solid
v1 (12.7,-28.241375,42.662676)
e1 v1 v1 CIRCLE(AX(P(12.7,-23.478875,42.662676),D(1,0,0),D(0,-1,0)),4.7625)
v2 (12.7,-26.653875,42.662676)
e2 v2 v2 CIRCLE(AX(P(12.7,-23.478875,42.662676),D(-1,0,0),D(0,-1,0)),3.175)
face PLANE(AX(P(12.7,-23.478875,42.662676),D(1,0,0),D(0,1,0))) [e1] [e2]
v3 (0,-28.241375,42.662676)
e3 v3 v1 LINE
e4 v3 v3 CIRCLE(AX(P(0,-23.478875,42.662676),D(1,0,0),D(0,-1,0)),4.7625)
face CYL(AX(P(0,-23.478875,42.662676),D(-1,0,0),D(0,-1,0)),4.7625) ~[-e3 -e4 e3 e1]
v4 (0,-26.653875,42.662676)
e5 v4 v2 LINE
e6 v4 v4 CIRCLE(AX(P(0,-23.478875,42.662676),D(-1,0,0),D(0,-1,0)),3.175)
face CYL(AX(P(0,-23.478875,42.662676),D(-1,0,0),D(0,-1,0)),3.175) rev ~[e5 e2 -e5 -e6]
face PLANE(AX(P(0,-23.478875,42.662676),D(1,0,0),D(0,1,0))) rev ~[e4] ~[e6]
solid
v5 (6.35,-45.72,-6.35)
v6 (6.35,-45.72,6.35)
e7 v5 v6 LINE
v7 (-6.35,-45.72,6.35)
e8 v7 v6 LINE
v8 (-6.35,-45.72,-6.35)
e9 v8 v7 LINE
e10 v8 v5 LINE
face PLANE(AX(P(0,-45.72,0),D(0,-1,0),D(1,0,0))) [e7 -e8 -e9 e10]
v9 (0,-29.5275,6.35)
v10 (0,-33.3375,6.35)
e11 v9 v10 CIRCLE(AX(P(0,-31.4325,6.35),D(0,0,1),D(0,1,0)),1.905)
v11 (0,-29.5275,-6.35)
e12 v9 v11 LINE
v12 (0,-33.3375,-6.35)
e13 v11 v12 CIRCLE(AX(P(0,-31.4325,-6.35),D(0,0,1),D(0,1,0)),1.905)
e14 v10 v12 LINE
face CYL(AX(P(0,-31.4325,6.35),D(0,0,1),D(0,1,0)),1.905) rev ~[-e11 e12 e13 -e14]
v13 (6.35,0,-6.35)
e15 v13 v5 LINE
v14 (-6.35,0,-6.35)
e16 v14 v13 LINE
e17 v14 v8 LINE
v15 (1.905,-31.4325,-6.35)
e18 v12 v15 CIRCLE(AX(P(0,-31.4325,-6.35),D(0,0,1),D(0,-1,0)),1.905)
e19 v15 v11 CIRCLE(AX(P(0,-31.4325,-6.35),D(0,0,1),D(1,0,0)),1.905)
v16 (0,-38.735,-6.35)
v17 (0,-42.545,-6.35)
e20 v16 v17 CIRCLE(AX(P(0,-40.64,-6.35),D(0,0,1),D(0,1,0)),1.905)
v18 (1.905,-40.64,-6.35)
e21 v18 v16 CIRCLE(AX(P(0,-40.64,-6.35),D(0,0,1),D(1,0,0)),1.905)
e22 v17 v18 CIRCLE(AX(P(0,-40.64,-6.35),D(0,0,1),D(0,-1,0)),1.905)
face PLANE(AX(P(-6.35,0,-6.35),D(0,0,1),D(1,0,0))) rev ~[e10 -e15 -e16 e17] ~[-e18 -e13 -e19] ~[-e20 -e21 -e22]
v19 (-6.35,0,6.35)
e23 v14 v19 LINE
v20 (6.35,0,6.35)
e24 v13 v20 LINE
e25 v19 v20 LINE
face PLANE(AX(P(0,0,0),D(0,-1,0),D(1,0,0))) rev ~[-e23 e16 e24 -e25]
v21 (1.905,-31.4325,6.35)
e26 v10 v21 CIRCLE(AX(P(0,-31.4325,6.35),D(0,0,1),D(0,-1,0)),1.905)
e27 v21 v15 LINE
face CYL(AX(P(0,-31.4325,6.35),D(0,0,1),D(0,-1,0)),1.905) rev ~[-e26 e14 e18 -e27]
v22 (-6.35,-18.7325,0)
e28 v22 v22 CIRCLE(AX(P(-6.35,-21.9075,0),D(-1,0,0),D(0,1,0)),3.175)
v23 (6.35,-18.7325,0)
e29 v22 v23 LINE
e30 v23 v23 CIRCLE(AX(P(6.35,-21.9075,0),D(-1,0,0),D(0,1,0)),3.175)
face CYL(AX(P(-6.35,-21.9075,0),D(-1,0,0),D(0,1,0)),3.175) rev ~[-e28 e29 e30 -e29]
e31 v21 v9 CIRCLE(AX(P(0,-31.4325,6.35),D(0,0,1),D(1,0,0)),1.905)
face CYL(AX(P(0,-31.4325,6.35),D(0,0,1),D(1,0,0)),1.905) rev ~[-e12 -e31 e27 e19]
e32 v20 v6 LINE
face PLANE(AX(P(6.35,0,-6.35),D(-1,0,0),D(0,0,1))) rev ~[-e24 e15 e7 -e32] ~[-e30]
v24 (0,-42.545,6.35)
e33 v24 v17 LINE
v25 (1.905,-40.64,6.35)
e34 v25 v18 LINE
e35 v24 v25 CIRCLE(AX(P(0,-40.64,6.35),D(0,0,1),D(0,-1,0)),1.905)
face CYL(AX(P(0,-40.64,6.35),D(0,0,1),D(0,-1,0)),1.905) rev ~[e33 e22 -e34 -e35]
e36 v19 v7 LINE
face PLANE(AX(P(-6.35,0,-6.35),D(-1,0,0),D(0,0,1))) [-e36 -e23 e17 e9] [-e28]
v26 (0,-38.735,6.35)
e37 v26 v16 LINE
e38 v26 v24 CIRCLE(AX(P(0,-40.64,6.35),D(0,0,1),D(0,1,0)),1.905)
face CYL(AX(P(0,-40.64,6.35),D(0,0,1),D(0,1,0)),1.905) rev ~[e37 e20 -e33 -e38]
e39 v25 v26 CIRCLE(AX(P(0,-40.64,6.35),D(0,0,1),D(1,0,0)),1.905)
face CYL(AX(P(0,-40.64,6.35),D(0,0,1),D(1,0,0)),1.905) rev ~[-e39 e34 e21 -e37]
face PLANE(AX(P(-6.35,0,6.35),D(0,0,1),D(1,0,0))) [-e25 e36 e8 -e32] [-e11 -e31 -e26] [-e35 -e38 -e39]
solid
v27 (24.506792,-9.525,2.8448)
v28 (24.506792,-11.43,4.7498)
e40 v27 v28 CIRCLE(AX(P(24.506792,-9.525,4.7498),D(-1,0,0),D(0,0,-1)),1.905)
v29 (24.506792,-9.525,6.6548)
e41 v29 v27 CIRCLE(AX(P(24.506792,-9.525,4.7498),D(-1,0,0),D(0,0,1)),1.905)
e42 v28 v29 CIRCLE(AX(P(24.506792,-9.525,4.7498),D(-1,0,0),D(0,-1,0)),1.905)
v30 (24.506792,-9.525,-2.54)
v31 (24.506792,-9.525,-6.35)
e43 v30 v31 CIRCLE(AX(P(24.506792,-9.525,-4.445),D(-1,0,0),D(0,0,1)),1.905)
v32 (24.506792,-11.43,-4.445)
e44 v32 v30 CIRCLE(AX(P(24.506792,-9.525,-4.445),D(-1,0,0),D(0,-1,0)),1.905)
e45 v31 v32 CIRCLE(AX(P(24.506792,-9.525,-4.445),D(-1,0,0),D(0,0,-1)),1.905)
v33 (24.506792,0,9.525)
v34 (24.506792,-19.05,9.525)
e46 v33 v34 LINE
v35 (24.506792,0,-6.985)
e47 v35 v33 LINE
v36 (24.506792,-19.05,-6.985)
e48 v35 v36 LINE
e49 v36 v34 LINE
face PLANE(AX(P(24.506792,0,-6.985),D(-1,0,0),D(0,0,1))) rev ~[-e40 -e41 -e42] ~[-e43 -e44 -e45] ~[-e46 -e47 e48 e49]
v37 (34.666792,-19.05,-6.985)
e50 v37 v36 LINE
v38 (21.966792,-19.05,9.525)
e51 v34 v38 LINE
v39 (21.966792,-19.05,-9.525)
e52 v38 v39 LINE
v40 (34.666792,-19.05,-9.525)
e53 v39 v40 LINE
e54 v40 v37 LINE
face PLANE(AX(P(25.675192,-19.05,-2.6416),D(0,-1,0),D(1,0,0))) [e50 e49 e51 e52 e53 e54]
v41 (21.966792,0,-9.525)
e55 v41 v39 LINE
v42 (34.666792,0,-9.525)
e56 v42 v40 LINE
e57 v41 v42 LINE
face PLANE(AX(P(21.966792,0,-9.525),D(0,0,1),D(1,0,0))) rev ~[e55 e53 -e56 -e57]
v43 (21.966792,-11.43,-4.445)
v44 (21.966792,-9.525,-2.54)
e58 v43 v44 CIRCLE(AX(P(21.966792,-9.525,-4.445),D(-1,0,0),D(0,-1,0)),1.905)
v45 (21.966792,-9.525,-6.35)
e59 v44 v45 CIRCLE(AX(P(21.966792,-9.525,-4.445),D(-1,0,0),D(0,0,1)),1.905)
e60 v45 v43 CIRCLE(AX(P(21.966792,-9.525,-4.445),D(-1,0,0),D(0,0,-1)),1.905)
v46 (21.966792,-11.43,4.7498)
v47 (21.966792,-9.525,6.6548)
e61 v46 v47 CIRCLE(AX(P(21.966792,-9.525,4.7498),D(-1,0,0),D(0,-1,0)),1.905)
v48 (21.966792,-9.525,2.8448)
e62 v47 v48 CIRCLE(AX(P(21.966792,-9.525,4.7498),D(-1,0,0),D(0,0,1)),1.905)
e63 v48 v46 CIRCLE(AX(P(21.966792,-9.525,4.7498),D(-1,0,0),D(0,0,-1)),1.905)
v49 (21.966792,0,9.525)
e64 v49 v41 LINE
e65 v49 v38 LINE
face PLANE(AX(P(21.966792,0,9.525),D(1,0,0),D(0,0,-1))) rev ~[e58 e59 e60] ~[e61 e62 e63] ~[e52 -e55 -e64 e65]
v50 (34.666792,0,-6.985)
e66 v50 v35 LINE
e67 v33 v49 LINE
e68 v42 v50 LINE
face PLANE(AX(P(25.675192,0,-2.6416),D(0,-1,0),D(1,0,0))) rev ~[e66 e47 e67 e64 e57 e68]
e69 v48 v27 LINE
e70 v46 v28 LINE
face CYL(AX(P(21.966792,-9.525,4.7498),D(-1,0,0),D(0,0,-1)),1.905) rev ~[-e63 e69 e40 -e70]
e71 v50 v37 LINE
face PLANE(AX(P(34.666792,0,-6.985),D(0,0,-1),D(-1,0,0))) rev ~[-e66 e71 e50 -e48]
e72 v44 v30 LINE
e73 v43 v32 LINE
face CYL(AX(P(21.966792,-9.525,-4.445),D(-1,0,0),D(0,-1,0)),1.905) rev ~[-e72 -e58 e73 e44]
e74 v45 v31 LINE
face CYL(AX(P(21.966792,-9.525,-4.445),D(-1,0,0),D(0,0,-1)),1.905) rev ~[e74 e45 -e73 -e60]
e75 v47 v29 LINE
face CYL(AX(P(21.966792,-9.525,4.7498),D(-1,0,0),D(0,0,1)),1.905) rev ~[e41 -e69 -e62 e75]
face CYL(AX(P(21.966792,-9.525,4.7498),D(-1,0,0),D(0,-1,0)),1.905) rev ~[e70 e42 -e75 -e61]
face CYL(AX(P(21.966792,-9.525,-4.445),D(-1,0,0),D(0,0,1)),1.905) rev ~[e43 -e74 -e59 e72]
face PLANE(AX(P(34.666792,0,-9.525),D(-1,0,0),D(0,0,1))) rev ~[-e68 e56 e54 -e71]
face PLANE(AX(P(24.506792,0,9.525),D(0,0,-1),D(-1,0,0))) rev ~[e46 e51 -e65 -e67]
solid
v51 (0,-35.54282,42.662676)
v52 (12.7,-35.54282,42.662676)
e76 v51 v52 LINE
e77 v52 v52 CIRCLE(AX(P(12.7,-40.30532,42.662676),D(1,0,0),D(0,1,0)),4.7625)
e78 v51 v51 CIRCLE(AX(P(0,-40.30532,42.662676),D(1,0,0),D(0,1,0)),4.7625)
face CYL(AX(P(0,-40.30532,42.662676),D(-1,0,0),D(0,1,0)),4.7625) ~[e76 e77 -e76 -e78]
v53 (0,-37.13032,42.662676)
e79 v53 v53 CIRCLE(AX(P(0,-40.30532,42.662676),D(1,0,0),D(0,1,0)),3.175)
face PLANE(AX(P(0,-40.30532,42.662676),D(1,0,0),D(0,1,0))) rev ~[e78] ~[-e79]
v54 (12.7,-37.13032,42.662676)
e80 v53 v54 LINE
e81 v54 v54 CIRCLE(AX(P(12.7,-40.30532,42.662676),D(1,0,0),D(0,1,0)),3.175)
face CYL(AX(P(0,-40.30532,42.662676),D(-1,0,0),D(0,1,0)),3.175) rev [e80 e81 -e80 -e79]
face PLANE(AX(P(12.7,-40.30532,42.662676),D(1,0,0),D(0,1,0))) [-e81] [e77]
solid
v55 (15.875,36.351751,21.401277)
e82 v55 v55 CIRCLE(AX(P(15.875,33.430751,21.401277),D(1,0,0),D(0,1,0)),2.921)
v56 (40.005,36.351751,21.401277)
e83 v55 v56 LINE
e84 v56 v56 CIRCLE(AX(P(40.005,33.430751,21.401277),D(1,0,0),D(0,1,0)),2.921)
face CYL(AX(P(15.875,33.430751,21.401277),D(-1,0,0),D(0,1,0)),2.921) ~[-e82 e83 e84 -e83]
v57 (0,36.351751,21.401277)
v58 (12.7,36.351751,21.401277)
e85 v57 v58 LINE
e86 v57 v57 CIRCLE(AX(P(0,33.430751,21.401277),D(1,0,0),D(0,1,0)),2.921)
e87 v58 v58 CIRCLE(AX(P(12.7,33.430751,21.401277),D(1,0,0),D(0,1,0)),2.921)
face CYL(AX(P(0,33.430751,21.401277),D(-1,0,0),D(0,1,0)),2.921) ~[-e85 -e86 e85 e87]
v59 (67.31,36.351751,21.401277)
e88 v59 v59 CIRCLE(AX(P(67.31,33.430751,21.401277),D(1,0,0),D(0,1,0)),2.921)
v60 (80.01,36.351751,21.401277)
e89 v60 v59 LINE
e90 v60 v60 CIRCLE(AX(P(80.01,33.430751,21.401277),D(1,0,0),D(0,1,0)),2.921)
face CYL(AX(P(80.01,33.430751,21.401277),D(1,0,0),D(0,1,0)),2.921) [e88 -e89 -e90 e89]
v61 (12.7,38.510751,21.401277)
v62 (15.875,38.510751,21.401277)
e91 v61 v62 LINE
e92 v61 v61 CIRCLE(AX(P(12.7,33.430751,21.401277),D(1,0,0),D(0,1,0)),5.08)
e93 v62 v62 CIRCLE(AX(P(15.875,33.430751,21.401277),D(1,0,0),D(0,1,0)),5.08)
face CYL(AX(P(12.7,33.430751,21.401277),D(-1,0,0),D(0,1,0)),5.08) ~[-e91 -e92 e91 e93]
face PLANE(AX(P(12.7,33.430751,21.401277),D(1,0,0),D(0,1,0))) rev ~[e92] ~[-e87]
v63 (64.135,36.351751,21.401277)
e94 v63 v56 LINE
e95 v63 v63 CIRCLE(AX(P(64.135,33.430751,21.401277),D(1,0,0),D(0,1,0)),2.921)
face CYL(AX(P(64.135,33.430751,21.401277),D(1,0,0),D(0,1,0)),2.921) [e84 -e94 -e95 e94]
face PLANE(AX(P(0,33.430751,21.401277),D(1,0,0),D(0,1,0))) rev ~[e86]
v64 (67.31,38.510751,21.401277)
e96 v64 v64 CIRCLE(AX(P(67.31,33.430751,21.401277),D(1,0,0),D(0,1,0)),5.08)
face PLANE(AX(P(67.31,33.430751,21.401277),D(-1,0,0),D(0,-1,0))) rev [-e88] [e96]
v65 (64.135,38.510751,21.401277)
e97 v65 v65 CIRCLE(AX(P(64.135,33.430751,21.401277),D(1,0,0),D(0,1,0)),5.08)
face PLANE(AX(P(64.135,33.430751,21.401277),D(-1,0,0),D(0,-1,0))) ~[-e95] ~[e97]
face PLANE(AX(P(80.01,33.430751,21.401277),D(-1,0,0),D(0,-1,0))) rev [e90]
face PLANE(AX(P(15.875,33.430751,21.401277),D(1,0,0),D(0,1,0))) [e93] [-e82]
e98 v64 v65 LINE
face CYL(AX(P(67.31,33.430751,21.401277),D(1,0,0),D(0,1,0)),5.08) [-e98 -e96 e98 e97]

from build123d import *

# Parameters (mm, degrees)
F0_W      = 12.7
F0_H      = 12.7
F1_DEPTH  = 45.72
F2_DEPTH  = 19.05
F4_DEPTH  = 25.4
F6_DEPTH  = 25.4
F8_DEPTH  = 25.4
F9_R      = 4.7625
F9_R_2    = 3.175
F10_DEPTH = 12.7
F11_R     = 2.921
F12_DEPTH = 12.7
F13_R     = 5.08
F14_DEPTH = 3.175
F15_R     = 2.921
F16_DEPTH = 24.13


with BuildPart() as f1:
    # F0 (on Front) → F1 (new body)
    with BuildSketch(Plane.XZ):
        Rectangle(F0_W, F0_H)
    extrude(amount=F1_DEPTH)

    # F5 (on face) → F6 (cut)
    with BuildSketch(Plane.XY.offset(6.35)):
        with BuildLine():
            ThreePointArc((0, -38.735), (-1.905, -40.64), (0, -42.545))
            Line((0, -42.545), (0, -38.735))
        make_face()
        with BuildLine():
            ThreePointArc((0, -29.5275), (-1.905, -31.4325), (0, -33.3375))
            Line((0, -33.3375), (0, -29.5275))
        make_face()
        with BuildLine():
            Line((0, -29.5275), (0, -33.3375))
            ThreePointArc((0, -33.3375), (1.3470384182, -32.7795384182), (1.905, -31.4325))
            ThreePointArc((1.905, -31.4325), (1.3470384182, -30.0854615818), (0, -29.5275))
        make_face()
        with BuildLine():
            Line((0, -38.735), (0, -42.545))
            ThreePointArc((0, -42.545), (1.3470384182, -41.9870384182), (1.905, -40.64))
            ThreePointArc((1.905, -40.64), (1.3470384182, -39.2929615818), (0, -38.735))
        make_face()
    extrude(amount=-F6_DEPTH, mode=Mode.SUBTRACT)

    # F7 (on face) → F8 (cut)
    with BuildSketch(Plane(origin=(-6.35, 0, 0), x_dir=(0, -1, 0), z_dir=(-1, 0, 0))):
        with BuildLine():
            ThreePointArc((25.0825, 0), (21.9075, 3.175), (18.7325, 0))
            Line((18.7325, 0), (25.0825, 0))
        make_face()
        with BuildLine():
            Line((25.0825, 0), (18.7325, 0))
            ThreePointArc((18.7325, 0), (21.9075, -3.175), (25.0825, 0))
        make_face()
    extrude(amount=-F8_DEPTH, mode=Mode.SUBTRACT)


with BuildPart() as f2:
    # F0 (on Front) → F2 (new body)
    with BuildSketch(Plane.XZ):
        Polygon((24.5067921007, 9.525), (21.9667921007, 9.525), (21.9667921007, -9.525), (34.6667921007, -9.525), (34.6667921007, -6.985), (24.5067921007, -6.985), align=None)
    extrude(amount=F2_DEPTH)

    # F3 (on face) → F4 (cut)
    with BuildSketch(Plane(origin=(21.9667921007, 0, 0), x_dir=(0, -1, 0), z_dir=(-1, 0, 0))):
        with BuildLine():
            ThreePointArc((11.43, 4.7498), (10.8720384182, 6.0968384182), (9.525, 6.6548))
            Line((9.525, 6.6548), (9.525, 2.8448))
            ThreePointArc((9.525, 2.8448), (10.8720384182, 3.4027615818), (11.43, 4.7498))
        make_face()
        with BuildLine():
            ThreePointArc((11.43, -4.445), (10.8720384182, -3.0979615818), (9.525, -2.54))
            Line((9.525, -2.54), (9.525, -6.35))
            ThreePointArc((9.525, -6.35), (10.8720384182, -5.7920384182), (11.43, -4.445))
        make_face()
        with BuildLine():
            Line((9.525, -6.35), (9.525, -2.54))
            ThreePointArc((9.525, -2.54), (7.62, -4.445), (9.525, -6.35))
        make_face()
        with BuildLine():
            Line((9.525, 2.8448), (9.525, 6.6548))
            ThreePointArc((9.525, 6.6548), (7.62, 4.7498), (9.525, 2.8448))
        make_face()
    extrude(amount=-F4_DEPTH, mode=Mode.SUBTRACT)


with BuildPart() as f10:
    # F9 (on Right) → F10 (new body)
    with BuildSketch(Plane.YZ):
        with Locations((-40.3053197099, 42.6626764238)):
            Circle(F9_R)
        with Locations((-40.3053197099, 42.6626764238)):
            Circle(F9_R_2, mode=Mode.SUBTRACT)
    extrude(amount=F10_DEPTH)


with BuildPart() as f10b:
    # F9 (on Right) → F10, piece 2 (new body)
    with BuildSketch(Plane.YZ):
        with BuildLine():
            ThreePointArc((-18.7163754003, 42.6626764238), (-23.4788754003, 47.4251764238), (-28.2413754003, 42.6626764238))
            ThreePointArc((-28.2413754003, 42.6626764238), (-23.4788754003, 37.9001764238), (-18.7163754003, 42.6626764238))
        make_face()
        with BuildLine():
            ThreePointArc((-20.3038754003, 42.6626764238), (-23.4788754003, 39.4876764238), (-26.6538754003, 42.6626764238))
            ThreePointArc((-26.6538754003, 42.6626764238), (-23.4788754003, 45.8376764238), (-20.3038754003, 42.6626764238))
        make_face(mode=Mode.SUBTRACT)
    extrude(amount=F10_DEPTH)


with BuildPart() as f12:
    # F11 (on Right) → F12 (new body)
    with BuildSketch(Plane.YZ):
        with Locations((33.4307514131, 21.401276812)):
            Circle(F11_R)
    extrude(amount=F12_DEPTH)

    # F13 (on face) → F14 (join)
    with BuildSketch(Plane.YZ.offset(12.7)):
        with Locations((33.4307514131, 21.401276812)):
            Circle(F13_R)
    extrude(amount=F14_DEPTH)

    # F15 (on face) → F16 (join)
    with BuildSketch(Plane.YZ.offset(15.875)):
        with Locations((33.4307514131, 21.401276812)):
            Circle(F15_R)
    extrude(amount=F16_DEPTH)

    # F17: F12 across face


with BuildPart() as f12_1:
    add(f12.part)
    add(f12.part.mirror(Plane(origin=(40.005, 33.4307514131, 21.401276812), x_dir=(0, 1, 0), z_dir=(1, 0, 0))))


solid = Compound([f1.part, f2.part, f10.part, f10b.part, f12_1.part])
